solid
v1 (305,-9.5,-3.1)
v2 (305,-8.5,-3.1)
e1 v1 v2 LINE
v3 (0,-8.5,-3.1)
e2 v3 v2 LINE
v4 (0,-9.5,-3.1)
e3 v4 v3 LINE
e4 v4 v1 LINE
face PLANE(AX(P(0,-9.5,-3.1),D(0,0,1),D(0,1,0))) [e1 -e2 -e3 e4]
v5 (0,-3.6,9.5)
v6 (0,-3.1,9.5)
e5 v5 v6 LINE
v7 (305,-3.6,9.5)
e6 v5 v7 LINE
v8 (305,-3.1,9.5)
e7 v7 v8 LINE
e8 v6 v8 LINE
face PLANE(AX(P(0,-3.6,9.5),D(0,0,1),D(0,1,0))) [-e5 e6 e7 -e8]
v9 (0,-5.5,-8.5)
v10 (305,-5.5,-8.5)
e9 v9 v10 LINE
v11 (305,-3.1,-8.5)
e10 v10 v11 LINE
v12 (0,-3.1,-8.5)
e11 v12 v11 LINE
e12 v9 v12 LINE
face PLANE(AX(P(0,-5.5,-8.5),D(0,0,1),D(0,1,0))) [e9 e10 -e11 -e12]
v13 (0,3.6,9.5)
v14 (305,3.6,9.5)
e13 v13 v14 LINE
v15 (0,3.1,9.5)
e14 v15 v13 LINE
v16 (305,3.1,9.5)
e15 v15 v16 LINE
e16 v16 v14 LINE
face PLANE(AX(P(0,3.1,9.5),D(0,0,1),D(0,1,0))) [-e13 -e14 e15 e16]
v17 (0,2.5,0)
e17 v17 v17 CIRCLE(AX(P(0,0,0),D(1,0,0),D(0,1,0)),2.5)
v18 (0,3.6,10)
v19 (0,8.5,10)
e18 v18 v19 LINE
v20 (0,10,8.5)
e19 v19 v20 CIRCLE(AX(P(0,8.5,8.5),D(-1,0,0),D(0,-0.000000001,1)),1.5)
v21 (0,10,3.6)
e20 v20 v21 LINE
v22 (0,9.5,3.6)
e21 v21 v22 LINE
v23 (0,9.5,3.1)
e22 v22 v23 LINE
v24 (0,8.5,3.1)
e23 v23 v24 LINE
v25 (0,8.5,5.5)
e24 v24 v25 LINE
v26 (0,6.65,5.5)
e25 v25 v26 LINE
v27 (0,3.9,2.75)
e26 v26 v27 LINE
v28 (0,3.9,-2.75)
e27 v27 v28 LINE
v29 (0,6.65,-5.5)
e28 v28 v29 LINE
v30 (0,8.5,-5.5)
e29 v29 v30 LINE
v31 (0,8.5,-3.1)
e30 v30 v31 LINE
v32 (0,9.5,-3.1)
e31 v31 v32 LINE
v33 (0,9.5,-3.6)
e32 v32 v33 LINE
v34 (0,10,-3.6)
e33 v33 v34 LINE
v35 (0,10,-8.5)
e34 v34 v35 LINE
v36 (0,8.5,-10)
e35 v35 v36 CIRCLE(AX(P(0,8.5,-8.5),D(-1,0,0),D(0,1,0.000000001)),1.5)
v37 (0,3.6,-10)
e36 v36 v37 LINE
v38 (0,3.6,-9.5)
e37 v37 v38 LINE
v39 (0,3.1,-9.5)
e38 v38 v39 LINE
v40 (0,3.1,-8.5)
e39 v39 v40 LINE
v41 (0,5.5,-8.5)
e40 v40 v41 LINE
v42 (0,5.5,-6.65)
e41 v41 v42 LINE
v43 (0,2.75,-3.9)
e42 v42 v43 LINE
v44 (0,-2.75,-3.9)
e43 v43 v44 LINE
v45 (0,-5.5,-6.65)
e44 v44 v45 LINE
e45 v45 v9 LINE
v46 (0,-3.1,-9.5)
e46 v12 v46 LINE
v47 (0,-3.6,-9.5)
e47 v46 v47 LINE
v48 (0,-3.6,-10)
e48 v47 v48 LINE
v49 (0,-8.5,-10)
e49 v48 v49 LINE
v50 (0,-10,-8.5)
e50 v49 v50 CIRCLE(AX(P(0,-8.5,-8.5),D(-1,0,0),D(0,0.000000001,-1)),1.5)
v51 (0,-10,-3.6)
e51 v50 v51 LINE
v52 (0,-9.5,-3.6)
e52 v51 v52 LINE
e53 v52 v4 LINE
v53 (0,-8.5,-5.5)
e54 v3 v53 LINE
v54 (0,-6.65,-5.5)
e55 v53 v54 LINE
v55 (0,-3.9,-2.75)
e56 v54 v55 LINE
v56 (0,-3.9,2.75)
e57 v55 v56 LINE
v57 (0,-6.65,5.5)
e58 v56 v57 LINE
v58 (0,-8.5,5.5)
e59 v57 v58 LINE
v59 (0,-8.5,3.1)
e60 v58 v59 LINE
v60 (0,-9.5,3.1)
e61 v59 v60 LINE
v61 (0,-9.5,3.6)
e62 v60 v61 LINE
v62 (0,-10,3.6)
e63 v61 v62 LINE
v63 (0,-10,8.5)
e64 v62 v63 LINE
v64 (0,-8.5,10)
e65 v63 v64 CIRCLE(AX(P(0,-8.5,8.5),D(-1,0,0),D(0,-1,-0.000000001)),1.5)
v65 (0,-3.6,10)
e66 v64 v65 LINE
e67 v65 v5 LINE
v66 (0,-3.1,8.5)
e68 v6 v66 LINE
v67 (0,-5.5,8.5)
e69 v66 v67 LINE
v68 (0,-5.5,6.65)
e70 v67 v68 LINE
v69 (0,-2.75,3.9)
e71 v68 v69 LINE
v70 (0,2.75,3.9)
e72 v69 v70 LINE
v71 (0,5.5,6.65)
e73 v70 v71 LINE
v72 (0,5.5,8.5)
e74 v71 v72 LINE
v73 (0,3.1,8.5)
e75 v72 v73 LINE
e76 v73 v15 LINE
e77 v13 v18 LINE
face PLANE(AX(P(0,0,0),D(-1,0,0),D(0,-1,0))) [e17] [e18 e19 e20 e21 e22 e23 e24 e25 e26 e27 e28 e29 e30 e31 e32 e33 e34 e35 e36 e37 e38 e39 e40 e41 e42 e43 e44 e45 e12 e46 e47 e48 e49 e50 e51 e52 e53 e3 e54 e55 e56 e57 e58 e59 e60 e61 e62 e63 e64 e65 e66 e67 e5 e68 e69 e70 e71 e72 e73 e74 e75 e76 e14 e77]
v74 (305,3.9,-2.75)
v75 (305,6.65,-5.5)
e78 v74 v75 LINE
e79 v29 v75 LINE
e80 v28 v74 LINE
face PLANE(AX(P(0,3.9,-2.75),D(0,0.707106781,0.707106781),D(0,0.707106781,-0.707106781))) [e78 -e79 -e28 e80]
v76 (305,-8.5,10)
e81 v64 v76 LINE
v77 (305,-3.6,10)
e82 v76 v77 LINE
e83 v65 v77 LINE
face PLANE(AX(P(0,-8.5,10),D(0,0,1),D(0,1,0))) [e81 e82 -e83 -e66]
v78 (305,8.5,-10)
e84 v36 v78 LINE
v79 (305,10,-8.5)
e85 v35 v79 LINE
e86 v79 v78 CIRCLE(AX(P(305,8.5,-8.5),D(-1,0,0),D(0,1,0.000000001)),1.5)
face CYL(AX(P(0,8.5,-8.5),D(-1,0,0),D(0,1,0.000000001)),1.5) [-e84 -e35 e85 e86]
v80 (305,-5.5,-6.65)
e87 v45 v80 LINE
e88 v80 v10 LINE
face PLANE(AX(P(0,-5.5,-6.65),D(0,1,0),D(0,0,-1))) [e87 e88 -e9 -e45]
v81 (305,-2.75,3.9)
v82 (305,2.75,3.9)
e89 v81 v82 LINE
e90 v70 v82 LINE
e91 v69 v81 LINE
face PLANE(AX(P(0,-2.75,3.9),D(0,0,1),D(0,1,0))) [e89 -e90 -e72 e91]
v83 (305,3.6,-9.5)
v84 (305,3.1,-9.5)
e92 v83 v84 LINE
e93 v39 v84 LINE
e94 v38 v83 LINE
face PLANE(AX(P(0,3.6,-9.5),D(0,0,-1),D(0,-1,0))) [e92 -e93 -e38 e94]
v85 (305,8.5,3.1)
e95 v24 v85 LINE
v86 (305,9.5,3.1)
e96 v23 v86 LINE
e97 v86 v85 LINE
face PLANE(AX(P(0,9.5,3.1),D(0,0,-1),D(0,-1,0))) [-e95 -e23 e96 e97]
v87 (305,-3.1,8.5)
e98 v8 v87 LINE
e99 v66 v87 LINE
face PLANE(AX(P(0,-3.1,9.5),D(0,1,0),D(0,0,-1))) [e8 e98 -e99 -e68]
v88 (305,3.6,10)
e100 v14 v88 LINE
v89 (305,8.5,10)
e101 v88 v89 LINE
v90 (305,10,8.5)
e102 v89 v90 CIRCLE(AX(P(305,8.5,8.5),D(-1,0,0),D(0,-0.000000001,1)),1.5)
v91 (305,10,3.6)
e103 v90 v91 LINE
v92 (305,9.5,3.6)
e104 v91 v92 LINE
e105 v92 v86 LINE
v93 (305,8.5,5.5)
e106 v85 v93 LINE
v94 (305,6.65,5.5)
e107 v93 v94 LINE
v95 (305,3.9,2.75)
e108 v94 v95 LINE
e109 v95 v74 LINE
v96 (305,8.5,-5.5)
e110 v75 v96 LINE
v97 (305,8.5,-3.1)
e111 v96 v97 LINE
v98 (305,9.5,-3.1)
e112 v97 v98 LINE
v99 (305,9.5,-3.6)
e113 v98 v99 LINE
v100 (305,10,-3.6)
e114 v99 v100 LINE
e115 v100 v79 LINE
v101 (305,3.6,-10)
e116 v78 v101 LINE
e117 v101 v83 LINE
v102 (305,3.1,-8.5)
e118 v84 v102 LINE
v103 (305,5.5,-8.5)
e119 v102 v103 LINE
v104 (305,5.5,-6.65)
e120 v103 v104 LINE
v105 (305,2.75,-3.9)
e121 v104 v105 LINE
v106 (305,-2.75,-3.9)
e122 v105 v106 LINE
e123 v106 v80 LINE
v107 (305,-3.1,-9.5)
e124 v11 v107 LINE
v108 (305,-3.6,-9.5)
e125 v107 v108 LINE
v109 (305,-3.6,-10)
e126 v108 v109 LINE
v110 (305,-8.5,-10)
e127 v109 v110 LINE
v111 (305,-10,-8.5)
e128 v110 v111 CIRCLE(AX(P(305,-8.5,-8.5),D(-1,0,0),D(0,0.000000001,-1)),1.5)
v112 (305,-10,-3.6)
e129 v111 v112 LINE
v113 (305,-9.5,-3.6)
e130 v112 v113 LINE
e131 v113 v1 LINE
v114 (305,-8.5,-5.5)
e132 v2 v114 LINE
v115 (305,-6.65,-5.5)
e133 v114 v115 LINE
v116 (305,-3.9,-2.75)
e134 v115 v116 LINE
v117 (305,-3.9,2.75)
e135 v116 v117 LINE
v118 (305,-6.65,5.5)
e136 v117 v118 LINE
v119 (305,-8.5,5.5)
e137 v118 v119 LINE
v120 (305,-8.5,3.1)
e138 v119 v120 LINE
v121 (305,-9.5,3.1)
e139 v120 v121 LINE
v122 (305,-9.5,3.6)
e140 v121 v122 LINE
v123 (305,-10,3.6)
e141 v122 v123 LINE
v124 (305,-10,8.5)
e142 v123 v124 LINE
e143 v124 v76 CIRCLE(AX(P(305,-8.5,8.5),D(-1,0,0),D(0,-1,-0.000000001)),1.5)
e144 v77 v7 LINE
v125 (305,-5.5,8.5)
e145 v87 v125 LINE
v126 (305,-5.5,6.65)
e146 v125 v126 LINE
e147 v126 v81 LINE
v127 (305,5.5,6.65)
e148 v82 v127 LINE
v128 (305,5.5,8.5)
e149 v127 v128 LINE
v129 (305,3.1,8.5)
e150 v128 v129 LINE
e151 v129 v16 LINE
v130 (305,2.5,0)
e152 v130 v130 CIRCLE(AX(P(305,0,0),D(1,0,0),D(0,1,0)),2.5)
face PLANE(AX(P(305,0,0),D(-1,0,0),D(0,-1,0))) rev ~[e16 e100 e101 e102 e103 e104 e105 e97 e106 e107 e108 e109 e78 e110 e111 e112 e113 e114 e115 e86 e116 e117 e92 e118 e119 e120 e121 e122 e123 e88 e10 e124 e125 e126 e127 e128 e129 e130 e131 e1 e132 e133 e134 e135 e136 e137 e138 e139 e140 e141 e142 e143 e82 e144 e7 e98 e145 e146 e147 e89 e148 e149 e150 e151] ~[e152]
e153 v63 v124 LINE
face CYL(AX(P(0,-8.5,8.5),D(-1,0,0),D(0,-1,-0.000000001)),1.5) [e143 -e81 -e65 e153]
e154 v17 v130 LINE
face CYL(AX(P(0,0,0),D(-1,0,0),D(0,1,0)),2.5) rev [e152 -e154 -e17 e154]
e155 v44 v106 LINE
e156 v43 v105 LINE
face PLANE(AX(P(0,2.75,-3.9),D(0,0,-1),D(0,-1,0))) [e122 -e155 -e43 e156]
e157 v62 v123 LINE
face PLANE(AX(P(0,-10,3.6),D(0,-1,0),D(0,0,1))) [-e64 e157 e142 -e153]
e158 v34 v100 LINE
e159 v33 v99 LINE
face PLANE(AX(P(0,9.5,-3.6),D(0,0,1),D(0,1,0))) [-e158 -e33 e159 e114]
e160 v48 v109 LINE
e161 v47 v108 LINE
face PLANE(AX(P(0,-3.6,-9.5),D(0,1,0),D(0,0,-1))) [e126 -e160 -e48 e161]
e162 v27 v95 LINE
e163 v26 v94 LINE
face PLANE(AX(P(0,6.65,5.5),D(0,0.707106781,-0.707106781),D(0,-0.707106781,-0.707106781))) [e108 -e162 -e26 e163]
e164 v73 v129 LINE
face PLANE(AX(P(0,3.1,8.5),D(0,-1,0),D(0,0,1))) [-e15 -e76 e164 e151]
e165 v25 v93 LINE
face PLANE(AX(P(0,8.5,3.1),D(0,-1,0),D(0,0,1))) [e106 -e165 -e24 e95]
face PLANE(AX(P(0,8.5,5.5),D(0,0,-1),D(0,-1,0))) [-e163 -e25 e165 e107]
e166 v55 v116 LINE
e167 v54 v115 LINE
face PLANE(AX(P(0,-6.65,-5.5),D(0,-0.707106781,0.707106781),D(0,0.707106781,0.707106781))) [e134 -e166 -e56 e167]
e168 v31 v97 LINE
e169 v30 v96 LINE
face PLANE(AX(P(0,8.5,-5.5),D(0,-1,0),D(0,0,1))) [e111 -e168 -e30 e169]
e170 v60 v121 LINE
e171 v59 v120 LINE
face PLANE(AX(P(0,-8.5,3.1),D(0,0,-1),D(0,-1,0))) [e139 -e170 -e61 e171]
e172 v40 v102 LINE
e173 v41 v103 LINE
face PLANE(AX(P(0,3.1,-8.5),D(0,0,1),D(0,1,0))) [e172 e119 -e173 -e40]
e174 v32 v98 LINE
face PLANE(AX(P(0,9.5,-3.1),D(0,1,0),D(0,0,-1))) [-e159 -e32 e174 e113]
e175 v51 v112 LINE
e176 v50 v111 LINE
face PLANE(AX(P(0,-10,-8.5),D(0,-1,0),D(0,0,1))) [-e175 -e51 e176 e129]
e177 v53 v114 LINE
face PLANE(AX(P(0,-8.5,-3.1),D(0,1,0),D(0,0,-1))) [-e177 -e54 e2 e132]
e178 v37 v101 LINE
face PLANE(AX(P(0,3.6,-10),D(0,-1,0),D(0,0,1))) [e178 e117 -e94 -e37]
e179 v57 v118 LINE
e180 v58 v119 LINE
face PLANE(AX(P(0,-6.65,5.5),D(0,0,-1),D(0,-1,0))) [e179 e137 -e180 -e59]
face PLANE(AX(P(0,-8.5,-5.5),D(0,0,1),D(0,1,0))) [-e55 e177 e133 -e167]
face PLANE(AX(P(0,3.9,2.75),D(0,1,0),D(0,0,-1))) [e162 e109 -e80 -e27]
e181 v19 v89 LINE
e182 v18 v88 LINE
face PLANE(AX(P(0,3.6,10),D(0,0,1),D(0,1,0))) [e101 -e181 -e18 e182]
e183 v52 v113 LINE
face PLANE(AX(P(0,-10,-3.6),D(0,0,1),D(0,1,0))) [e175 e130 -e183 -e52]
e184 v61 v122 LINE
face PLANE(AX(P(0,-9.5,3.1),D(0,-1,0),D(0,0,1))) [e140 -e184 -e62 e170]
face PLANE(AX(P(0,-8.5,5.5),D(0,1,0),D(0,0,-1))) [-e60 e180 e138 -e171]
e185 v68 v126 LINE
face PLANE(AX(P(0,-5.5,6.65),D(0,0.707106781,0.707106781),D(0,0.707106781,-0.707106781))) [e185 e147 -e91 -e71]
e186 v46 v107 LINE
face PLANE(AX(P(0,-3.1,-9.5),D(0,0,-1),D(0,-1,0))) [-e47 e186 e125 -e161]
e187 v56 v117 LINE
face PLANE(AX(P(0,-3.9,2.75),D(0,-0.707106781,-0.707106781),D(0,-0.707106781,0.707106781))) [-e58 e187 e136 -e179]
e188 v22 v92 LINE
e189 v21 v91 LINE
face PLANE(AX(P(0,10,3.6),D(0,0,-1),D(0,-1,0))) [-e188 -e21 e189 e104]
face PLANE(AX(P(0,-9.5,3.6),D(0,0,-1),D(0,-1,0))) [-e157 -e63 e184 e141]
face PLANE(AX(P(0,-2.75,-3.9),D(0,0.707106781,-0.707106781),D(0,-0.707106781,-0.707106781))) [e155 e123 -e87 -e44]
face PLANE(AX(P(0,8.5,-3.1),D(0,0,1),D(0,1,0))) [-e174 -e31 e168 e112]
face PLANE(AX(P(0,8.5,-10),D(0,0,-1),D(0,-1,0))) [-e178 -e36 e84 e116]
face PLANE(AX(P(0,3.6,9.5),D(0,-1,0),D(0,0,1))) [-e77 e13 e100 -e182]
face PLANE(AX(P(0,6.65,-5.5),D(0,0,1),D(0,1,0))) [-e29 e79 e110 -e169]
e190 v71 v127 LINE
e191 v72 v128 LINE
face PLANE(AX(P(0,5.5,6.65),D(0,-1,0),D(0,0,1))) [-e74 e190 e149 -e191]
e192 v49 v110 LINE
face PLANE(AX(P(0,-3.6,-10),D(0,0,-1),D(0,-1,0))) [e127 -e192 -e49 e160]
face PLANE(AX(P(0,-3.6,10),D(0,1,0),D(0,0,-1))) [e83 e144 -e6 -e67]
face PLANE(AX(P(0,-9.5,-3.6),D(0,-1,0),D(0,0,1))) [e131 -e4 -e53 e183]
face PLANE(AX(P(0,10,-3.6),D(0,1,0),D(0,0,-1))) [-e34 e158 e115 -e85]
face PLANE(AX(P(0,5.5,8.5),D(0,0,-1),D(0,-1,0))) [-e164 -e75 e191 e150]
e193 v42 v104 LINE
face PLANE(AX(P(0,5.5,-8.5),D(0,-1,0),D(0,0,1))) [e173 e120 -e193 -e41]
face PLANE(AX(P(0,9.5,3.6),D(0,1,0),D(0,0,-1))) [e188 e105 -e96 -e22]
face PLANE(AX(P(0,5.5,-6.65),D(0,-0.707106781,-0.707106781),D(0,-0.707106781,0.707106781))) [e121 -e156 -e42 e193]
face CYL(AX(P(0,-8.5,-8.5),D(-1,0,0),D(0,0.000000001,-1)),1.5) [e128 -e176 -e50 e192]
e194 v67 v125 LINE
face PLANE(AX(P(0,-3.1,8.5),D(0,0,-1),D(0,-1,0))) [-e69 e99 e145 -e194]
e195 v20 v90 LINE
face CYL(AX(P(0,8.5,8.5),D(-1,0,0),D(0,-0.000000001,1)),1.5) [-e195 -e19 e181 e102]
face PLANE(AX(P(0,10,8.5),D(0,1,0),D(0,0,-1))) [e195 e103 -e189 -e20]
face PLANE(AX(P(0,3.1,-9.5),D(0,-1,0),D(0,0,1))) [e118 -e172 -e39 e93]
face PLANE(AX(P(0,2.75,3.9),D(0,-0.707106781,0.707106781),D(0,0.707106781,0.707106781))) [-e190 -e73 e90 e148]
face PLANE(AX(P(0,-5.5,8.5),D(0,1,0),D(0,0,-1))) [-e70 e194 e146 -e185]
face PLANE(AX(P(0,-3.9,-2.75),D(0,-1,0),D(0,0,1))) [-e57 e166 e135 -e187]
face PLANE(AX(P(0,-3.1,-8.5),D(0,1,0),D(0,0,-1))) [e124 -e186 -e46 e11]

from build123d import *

# Parameters (mm, degrees)
SKETCH1_R                = 2.5
F_20_X_20_X_R1_5_1_DEPTH = 305


with BuildPart() as part:
    # Sketch1 → 铝型材 20 X 20 X R1.5(1) (new body)
    with BuildSketch(Plane.YZ):
        with BuildLine():
            Line((-3.6, 10), (-3.6, 9.5))
            Line((-3.6, 9.5), (-3.1, 9.5))
            Line((-3.1, 9.5), (-3.1, 8.5))
            Line((-3.1, 8.5), (-5.5, 8.5))
            Line((-5.5, 8.5), (-5.5, 6.65))
            Line((-5.5, 6.65), (-2.75, 3.9))
            Line((-2.75, 3.9), (2.75, 3.9))
            Line((2.75, 3.9), (5.5, 6.65))
            Line((5.5, 6.65), (5.5, 8.5))
            Line((5.5, 8.5), (3.1, 8.5))
            Line((3.1, 8.5), (3.1, 9.5))
            Line((3.1, 9.5), (3.6, 9.5))
            Line((3.6, 9.5), (3.6, 10))
            Line((3.6, 10), (8.5, 10))
            ThreePointArc((8.5, 10), (9.560660172, 9.560660172), (10, 8.5))
            Line((10, 8.5), (10, 3.6))
            Line((10, 3.6), (9.5, 3.6))
            Line((9.5, 3.6), (9.5, 3.1))
            Line((9.5, 3.1), (8.5, 3.1))
            Line((8.5, 3.1), (8.5, 5.5))
            Line((8.5, 5.5), (6.65, 5.5))
            Line((6.65, 5.5), (3.9, 2.75))
            Line((3.9, 2.75), (3.9, -2.75))
            Line((3.9, -2.75), (6.65, -5.5))
            Line((6.65, -5.5), (8.5, -5.5))
            Line((8.5, -5.5), (8.5, -3.1))
            Line((8.5, -3.1), (9.5, -3.1))
            Line((9.5, -3.1), (9.5, -3.6))
            Line((9.5, -3.6), (10, -3.6))
            Line((10, -3.6), (10, -8.5))
            ThreePointArc((10, -8.5), (9.560660172, -9.560660172), (8.5, -10))
            Line((8.5, -10), (3.6, -10))
            Line((3.6, -10), (3.6, -9.5))
            Line((3.6, -9.5), (3.1, -9.5))
            Line((3.1, -9.5), (3.1, -8.5))
            Line((3.1, -8.5), (5.5, -8.5))
            Line((5.5, -8.5), (5.5, -6.65))
            Line((5.5, -6.65), (2.75, -3.9))
            Line((2.75, -3.9), (-2.75, -3.9))
            Line((-2.75, -3.9), (-5.5, -6.65))
            Line((-5.5, -6.65), (-5.5, -8.5))
            Line((-5.5, -8.5), (-3.1, -8.5))
            Line((-3.1, -8.5), (-3.1, -9.5))
            Line((-3.1, -9.5), (-3.6, -9.5))
            Line((-3.6, -9.5), (-3.6, -10))
            Line((-3.6, -10), (-8.5, -10))
            ThreePointArc((-8.5, -10), (-9.560660172, -9.560660172), (-10, -8.5))
            Line((-10, -8.5), (-10, -3.6))
            Line((-10, -3.6), (-9.5, -3.6))
            Line((-9.5, -3.6), (-9.5, -3.1))
            Line((-9.5, -3.1), (-8.5, -3.1))
            Line((-8.5, -3.1), (-8.5, -5.5))
            Line((-8.5, -5.5), (-6.65, -5.5))
            Line((-6.65, -5.5), (-3.9, -2.75))
            Line((-3.9, -2.75), (-3.9, 2.75))
            Line((-3.9, 2.75), (-6.65, 5.5))
            Line((-6.65, 5.5), (-8.5, 5.5))
            Line((-8.5, 5.5), (-8.5, 3.1))
            Line((-8.5, 3.1), (-9.5, 3.1))
            Line((-9.5, 3.1), (-9.5, 3.6))
            Line((-9.5, 3.6), (-10, 3.6))
            Line((-10, 3.6), (-10, 8.5))
            ThreePointArc((-10, 8.5), (-9.560660172, 9.560660172), (-8.5, 10))
            Line((-8.5, 10), (-3.6, 10))
        make_face()
        Circle(SKETCH1_R, mode=Mode.SUBTRACT)
    extrude(amount=F_20_X_20_X_R1_5_1_DEPTH)


solid = part.part
